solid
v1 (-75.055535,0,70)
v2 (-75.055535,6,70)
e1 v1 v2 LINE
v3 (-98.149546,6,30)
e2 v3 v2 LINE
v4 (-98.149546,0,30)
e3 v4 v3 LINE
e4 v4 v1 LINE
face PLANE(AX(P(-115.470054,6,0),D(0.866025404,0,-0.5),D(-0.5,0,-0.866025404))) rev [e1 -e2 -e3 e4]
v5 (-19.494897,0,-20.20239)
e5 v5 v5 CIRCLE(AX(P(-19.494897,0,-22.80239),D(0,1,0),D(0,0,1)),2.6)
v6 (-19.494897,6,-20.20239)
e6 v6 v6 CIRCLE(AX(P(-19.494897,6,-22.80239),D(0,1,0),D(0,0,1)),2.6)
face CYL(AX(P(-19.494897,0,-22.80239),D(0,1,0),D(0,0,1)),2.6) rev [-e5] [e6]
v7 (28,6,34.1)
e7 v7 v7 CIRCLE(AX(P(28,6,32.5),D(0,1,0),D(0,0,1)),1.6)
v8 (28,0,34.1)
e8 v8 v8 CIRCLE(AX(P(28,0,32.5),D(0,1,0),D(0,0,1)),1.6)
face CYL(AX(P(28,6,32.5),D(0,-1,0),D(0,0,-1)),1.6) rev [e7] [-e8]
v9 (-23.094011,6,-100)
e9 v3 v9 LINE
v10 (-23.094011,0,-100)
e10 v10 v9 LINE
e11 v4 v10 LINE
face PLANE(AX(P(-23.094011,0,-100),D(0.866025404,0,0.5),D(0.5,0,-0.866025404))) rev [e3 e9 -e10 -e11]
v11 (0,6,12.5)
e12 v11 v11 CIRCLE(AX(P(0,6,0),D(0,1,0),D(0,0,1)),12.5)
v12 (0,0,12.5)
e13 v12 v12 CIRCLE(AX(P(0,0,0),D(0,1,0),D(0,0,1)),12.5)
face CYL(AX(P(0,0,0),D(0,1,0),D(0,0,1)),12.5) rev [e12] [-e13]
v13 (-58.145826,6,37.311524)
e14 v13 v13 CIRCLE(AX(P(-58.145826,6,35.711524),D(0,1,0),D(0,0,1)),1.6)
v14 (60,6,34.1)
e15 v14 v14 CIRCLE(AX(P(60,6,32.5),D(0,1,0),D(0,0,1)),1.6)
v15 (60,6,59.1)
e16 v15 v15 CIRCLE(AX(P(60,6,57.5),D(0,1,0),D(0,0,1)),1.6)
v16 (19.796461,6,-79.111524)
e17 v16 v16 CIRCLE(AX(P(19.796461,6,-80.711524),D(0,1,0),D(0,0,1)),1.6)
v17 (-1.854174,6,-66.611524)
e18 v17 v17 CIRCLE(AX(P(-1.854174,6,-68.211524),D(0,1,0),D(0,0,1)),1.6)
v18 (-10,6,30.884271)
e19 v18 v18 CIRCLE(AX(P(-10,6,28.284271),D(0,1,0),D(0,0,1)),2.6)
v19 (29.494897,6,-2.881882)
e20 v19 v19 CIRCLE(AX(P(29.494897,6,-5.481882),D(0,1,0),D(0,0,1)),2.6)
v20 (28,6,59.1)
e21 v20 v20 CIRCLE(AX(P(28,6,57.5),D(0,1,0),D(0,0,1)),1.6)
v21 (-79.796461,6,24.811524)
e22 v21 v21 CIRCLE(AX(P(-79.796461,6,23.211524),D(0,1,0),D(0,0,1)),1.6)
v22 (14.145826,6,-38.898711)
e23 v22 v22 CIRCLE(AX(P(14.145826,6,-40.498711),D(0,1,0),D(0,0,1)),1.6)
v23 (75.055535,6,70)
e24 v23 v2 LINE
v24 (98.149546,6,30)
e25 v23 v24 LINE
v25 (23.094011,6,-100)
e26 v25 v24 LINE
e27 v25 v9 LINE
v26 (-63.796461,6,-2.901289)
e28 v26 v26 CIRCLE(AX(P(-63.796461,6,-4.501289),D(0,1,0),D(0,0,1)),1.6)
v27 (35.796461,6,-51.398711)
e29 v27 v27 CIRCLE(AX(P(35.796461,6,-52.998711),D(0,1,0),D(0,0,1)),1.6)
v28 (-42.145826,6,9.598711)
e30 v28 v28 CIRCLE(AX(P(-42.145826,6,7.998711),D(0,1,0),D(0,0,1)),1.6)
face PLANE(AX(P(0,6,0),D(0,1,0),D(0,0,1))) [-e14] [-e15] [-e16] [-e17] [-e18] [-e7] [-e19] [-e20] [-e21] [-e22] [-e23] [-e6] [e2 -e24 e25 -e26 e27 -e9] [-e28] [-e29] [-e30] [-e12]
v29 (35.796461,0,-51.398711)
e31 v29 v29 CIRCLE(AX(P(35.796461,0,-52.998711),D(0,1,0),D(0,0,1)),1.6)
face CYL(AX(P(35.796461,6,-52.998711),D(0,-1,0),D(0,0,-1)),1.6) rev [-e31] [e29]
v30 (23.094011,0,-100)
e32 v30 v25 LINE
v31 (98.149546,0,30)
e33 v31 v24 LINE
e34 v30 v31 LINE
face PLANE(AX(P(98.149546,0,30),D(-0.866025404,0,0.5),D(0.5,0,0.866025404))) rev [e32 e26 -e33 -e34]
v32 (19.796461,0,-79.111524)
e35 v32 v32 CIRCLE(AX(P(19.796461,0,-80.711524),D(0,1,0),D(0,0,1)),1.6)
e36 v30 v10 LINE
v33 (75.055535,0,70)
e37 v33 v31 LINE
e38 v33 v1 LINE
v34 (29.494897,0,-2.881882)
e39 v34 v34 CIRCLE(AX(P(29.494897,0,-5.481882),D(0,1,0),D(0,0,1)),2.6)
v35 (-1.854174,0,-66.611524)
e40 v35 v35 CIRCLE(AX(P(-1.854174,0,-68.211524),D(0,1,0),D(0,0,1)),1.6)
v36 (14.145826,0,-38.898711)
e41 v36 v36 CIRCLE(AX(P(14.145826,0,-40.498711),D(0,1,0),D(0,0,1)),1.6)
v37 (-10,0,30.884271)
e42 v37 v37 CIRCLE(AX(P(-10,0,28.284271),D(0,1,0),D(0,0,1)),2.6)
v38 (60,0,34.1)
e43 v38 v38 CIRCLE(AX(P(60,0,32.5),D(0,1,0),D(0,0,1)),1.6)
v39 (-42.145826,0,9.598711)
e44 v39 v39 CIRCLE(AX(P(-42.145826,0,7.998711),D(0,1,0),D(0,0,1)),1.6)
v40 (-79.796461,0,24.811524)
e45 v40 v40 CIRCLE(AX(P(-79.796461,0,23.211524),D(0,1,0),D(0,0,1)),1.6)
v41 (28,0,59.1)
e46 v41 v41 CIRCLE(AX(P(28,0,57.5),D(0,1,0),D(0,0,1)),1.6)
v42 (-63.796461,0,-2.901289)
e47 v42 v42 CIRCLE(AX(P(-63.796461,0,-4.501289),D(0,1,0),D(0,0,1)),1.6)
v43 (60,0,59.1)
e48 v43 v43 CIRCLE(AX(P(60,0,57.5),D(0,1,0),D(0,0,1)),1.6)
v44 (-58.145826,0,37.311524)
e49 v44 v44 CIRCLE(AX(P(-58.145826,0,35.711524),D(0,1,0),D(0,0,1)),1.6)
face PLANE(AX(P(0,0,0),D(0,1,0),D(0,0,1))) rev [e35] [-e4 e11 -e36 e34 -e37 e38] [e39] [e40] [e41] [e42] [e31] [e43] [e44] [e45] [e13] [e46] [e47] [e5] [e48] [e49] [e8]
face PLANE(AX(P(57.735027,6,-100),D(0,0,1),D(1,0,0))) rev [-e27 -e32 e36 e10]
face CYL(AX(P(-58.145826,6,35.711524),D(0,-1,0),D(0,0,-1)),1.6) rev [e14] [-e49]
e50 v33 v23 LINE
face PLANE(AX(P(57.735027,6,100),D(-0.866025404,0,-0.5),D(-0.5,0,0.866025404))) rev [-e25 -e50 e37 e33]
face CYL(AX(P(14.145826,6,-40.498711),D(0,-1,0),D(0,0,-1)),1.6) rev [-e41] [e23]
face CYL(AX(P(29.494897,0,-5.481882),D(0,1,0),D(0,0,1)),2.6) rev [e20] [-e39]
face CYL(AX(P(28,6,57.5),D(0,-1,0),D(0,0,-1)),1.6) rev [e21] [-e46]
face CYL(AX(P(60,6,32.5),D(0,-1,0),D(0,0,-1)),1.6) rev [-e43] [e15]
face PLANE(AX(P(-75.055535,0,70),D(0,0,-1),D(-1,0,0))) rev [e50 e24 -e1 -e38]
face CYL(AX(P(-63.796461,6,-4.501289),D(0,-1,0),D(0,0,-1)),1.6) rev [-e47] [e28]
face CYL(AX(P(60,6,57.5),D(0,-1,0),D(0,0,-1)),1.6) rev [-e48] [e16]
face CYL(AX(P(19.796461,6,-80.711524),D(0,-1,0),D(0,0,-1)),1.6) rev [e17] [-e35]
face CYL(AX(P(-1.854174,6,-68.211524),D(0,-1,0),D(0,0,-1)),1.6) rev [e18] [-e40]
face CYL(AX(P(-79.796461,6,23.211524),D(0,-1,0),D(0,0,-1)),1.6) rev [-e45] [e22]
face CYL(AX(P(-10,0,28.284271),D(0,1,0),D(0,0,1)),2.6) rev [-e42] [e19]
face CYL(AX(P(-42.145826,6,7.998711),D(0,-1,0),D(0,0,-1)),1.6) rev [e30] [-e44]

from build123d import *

# Parameters (mm, degrees)
EXTRUDE_1_DEPTH     = 6
SKETCH_2_R          = 12.5
CUT_EXTRUDE_1_DEPTH = 153.870315409
CUT_EXTRUDE_2_DEPTH = 153.870315409
SKETCH_6_R          = 2.6
CUT_EXTRUDE_5_DEPTH = 141.247400451
SKETCH_7_R          = 1.6
CUT_EXTRUDE_8_DEPTH = 141.247400451


with BuildPart() as part:
    # 草图1 → 凸台-拉伸1 (new body)
    with BuildSketch(Plane(origin=(0, 0, 0), x_dir=(1, 0, 0), z_dir=(0, 1, 0))):
        Polygon((115.470053838, 0), (57.735026919, 100), (-57.735026919, 100), (-115.470053838, 0), (-57.735026919, -100), (57.735026919, -100), align=None)
    extrude(amount=EXTRUDE_1_DEPTH)

    # 草图2 → 切除-拉伸1 (cut, through all)
    with BuildSketch(Plane(origin=(0, 6, 0), x_dir=(1, 0, 0), z_dir=(0, 1, 0))):
        with Locations(Location((0, 0, 0), (0, 0, 270))):
            Circle(SKETCH_2_R)
    extrude(amount=-CUT_EXTRUDE_1_DEPTH, mode=Mode.SUBTRACT)

    # 草图3 → 切除-拉伸2 (cut, through all)
    with BuildSketch(Plane(origin=(0, 6, 0), x_dir=(1, 0, 0), z_dir=(0, 1, 0))):
        Polygon((-23.094010768, 100), (-98.149545762, -30), (-115.470053838, 0), (-57.735026919, 100), align=None)
        Polygon((98.149545762, -30), (23.094010768, 100), (57.735026919, 100), (115.470053838, 0), align=None)
        Polygon((-75.055534995, -70), (75.055534995, -70), (57.735026919, -100), (-57.735026919, -100), align=None)
    extrude(amount=-CUT_EXTRUDE_2_DEPTH, mode=Mode.SUBTRACT)

    # 草图6 → 切除-拉伸5 (cut, through all)
    with BuildSketch(Plane(origin=(0, 6, 0), x_dir=(1, 0, 0), z_dir=(0, 1, 0))):
        with Locations(Location((-10, -28.284271247, 0), (0, 0, 270))):
            Circle(SKETCH_6_R)
        with Locations(Location((-19.494897428, 22.802389662, 0), (0, 0, 270))):
            Circle(SKETCH_6_R)
        with Locations(Location((29.494897428, 5.481881586, 0), (0, 0, 270))):
            Circle(SKETCH_6_R)
    extrude(amount=-CUT_EXTRUDE_5_DEPTH, mode=Mode.SUBTRACT)

    # 草图7 → 切除-拉伸8 (cut, through all)
    with BuildSketch(Plane(origin=(0, 0, 0), x_dir=(1, 0, 0), z_dir=(0, 1, 0))):
        with Locations(Location((60, -32.5, 0), (0, 0, 270))):
            Circle(SKETCH_7_R)
        with Locations(Location((28, -32.5, 0), (0, 0, 270))):
            Circle(SKETCH_7_R)
        with Locations(Location((60, -57.5, 0), (0, 0, 270))):
            Circle(SKETCH_7_R)
        with Locations(Location((28, -57.5, 0), (0, 0, 270))):
            Circle(SKETCH_7_R)
        with Locations(Location((-58.145825623, -35.711524227, 0), (0, 0, 270))):
            Circle(SKETCH_7_R)
        with Locations(Location((-42.145825623, -7.998711306, 0), (0, 0, 270))):
            Circle(SKETCH_7_R)
        with Locations(Location((-79.796460718, -23.211524227, 0), (0, 0, 270))):
            Circle(SKETCH_7_R)
        with Locations(Location((-63.796460718, 4.501288694, 0), (0, 0, 270))):
            Circle(SKETCH_7_R)
        with Locations(Location((-1.854174377, 68.211524227, 0), (0, 0, 270))):
            Circle(SKETCH_7_R)
        with Locations(Location((14.145825623, 40.498711306, 0), (0, 0, 270))):
            Circle(SKETCH_7_R)
        with Locations(Location((19.796460718, 80.711524227, 0), (0, 0, 270))):
            Circle(SKETCH_7_R)
        with Locations(Location((35.796460718, 52.998711306, 0), (0, 0, 270))):
            Circle(SKETCH_7_R)
    extrude(amount=CUT_EXTRUDE_8_DEPTH, mode=Mode.SUBTRACT)


solid = part.part
